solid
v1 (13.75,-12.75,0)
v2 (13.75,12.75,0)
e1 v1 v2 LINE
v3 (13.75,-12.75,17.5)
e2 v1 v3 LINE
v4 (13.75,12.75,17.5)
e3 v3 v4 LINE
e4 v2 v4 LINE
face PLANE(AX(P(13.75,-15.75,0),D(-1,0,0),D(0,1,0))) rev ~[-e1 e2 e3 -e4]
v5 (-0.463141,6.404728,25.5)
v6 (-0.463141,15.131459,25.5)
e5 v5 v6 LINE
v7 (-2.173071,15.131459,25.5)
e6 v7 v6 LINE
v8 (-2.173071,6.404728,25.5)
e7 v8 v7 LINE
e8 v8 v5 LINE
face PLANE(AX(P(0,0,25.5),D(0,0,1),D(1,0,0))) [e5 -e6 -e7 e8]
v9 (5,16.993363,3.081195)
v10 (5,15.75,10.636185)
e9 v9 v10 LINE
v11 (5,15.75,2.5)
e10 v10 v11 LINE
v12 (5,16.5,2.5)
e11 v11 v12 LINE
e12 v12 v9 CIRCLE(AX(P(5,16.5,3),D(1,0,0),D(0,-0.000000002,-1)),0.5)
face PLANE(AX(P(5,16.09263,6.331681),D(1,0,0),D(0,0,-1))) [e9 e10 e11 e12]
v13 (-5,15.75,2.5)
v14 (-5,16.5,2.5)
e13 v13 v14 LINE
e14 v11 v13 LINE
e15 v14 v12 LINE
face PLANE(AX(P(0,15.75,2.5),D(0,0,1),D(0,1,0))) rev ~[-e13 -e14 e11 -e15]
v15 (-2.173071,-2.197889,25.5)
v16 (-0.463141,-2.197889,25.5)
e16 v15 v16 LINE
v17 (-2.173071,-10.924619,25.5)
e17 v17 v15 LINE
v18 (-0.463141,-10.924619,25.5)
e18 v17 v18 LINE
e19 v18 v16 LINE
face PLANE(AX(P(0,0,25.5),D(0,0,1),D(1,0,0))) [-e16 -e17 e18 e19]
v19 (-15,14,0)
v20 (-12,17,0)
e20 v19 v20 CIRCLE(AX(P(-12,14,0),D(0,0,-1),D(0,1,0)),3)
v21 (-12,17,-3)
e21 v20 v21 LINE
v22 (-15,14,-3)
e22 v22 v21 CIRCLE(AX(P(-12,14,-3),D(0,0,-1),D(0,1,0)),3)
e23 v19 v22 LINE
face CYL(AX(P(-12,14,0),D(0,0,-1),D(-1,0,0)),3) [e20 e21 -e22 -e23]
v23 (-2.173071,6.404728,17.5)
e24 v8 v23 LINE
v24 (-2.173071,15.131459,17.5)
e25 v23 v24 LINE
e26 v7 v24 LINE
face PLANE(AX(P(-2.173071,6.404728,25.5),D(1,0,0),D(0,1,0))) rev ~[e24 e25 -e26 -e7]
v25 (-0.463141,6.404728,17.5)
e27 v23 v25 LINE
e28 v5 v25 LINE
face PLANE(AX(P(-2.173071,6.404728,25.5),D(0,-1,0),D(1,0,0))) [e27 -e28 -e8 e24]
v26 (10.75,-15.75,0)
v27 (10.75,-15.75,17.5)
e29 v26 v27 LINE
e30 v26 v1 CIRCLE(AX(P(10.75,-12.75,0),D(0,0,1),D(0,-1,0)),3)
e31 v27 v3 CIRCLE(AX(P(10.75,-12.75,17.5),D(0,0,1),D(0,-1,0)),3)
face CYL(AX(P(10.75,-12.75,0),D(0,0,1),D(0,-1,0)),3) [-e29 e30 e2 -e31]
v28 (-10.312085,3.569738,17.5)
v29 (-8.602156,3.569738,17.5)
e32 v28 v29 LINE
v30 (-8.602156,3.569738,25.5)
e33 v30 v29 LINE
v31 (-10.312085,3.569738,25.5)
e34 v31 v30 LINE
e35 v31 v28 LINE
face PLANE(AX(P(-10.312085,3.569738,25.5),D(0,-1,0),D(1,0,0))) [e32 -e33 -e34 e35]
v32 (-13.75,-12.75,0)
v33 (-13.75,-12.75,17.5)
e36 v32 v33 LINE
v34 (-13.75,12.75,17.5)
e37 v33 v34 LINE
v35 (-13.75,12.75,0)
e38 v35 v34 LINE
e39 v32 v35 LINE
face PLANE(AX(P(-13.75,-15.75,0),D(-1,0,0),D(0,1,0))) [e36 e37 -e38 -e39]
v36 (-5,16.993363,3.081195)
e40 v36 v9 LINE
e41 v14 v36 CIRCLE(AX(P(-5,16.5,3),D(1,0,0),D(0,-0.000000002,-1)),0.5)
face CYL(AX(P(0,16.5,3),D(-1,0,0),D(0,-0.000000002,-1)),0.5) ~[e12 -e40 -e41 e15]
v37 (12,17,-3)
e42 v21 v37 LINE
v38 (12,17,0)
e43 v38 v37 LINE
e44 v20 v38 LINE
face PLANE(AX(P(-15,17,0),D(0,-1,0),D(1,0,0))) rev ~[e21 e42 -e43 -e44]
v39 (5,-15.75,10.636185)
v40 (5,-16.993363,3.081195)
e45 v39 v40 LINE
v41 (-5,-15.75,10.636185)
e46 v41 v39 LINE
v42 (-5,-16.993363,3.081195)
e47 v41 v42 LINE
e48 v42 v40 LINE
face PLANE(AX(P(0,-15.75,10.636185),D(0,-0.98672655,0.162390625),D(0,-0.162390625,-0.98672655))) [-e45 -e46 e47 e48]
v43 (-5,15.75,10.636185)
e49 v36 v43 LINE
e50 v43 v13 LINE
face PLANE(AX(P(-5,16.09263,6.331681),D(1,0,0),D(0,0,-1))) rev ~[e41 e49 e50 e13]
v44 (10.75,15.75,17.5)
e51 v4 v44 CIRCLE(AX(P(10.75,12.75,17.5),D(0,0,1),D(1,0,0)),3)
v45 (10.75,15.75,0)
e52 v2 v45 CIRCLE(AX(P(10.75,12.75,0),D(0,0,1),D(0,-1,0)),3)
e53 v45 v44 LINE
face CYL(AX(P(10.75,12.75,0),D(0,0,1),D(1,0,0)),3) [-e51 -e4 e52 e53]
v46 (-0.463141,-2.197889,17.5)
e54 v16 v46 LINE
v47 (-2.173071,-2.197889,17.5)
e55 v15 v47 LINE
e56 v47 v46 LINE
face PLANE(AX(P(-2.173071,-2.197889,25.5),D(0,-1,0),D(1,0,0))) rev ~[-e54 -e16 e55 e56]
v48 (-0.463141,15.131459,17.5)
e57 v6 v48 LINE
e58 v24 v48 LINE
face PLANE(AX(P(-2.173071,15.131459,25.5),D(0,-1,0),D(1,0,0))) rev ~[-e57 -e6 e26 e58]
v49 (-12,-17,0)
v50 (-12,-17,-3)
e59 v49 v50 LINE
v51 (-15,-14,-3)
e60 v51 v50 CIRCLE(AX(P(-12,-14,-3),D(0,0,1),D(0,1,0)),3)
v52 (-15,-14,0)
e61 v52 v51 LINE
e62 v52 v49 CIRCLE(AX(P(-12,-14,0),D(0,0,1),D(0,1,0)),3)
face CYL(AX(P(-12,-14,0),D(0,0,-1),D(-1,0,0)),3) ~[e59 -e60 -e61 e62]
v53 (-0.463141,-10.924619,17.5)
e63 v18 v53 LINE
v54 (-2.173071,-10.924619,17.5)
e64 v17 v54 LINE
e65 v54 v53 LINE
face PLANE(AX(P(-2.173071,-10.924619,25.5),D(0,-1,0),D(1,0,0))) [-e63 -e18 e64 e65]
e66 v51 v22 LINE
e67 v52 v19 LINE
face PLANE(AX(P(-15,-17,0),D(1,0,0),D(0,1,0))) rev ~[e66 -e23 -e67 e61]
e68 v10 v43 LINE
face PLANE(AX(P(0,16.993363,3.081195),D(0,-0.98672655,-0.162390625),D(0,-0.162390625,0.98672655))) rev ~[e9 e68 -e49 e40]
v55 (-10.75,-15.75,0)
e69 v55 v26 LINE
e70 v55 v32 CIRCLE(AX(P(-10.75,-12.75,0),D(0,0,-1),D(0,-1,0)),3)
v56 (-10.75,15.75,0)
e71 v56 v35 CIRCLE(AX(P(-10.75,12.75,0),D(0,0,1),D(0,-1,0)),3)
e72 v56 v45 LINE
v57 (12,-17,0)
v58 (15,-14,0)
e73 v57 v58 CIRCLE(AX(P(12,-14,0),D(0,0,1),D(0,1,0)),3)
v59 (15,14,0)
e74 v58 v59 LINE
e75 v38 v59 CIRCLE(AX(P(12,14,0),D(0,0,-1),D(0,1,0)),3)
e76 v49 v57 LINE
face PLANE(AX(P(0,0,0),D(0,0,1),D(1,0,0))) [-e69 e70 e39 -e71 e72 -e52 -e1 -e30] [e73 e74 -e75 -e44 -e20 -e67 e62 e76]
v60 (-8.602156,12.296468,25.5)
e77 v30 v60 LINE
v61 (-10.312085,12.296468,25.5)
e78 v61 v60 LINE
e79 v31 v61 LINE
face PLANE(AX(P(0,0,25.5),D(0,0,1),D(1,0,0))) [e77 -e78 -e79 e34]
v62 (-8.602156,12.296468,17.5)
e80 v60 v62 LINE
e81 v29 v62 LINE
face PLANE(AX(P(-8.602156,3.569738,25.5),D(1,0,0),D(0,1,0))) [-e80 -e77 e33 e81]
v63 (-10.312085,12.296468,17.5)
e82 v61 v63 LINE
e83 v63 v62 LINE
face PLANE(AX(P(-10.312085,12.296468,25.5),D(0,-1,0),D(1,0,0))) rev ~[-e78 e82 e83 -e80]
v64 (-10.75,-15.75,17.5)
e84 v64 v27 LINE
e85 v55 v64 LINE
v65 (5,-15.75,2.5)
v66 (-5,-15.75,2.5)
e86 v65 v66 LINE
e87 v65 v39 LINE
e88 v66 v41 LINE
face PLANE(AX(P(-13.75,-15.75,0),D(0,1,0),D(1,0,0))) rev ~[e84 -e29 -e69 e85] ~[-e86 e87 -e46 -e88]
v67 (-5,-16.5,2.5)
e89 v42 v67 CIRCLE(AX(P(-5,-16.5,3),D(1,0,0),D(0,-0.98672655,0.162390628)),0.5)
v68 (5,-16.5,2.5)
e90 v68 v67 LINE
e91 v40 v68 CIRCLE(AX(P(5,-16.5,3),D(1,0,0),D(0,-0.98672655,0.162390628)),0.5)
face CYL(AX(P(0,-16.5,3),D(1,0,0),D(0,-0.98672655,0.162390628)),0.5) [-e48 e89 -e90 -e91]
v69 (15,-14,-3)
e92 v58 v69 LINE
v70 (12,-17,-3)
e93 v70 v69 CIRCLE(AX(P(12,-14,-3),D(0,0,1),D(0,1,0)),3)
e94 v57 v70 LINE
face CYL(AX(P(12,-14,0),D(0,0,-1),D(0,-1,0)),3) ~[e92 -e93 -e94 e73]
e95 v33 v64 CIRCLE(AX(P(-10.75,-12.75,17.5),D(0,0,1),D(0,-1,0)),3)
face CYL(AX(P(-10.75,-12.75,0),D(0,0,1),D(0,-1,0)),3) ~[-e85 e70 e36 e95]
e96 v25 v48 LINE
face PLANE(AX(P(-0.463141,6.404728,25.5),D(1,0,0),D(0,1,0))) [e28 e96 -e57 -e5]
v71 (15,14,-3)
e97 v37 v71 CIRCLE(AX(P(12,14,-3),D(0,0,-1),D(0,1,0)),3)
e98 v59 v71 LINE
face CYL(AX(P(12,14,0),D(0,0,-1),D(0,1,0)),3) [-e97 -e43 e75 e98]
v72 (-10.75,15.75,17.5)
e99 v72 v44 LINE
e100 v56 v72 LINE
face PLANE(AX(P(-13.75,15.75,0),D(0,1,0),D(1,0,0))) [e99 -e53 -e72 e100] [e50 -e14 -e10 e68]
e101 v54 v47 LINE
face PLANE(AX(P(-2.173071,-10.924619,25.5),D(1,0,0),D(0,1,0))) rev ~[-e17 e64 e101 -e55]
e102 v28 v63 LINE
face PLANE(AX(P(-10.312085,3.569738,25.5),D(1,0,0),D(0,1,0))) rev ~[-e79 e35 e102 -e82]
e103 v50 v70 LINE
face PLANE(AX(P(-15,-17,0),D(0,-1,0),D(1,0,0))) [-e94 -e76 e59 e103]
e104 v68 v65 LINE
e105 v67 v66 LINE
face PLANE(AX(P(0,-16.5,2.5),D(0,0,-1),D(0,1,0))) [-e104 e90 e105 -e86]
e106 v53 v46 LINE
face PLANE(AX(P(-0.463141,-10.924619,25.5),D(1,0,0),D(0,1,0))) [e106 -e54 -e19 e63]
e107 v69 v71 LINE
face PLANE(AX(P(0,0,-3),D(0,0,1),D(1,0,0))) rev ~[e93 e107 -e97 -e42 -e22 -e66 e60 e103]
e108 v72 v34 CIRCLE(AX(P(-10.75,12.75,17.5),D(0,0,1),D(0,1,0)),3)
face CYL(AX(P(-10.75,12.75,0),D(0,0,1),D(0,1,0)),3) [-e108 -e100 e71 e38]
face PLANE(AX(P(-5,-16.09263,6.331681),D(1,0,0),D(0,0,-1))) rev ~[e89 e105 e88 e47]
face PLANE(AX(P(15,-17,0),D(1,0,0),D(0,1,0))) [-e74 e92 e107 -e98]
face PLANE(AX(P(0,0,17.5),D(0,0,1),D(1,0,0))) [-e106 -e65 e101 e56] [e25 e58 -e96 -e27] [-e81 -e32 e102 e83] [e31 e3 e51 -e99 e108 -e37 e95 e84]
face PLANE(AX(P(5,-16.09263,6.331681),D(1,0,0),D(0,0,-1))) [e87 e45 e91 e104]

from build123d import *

# Parameters (mm, degrees)
SKETCH1_W           = 30
SKETCH1_H           = 34
BOSS_EXTRUDE1_DEPTH = 3
SKETCH3_W           = 27.5
SKETCH3_H           = 31.5
BOSS_EXTRUDE2_DEPTH = 25.5
FILLET1_R           = 3
BOSS_EXTRUDE3_DEPTH = 5
SKETCH5_OUTSIDE_W   = 42.712
SKETCH5_OUTSIDE_H   = 46.712
SKETCH5_OUTSIDE_W_2 = 1.709929724
SKETCH5_OUTSIDE_H_2 = 8.726730488
CUT_EXTRUDE1_DEPTH  = 8


with BuildPart() as part:
    # Sketch1 → Boss-Extrude1 (new body)
    with BuildSketch(Plane.XY):
        Rectangle(SKETCH1_W, SKETCH1_H)
    extrude(amount=-BOSS_EXTRUDE1_DEPTH)

    # Sketch3 → Boss-Extrude2 (add)
    with BuildSketch(Plane.XY):
        Rectangle(SKETCH3_W, SKETCH3_H)
    extrude(amount=BOSS_EXTRUDE2_DEPTH)

    # Fillet1
    fillet1_edges = [part.edges().sort_by_distance(p)[0] for p in [
        (13.75, -15.75, 12.75),
        (13.75, 15.75, 12.75),
        (-13.75, 15.75, 12.75),
        (-13.75, -15.75, 12.75),
        (15, -17, -1.5),
        (-15, -17, -1.5),
        (-15, 17, -1.5),
        (15, 17, -1.5),
    ]]
    fillet(fillet1_edges, radius=FILLET1_R)

    # Sketch4 → Boss-Extrude3 (add, symmetric)
    with BuildSketch(Plane(origin=(0, 0, 0), x_dir=(0, 0, -1), z_dir=(1, 0, 0))):
        with BuildLine():
            Line((-2.5, 15.75), (-2.5, 16.5))
            ThreePointArc((-2.5, 16.5), (-2.676424395, 16.881180834), (-3.081195313, 16.993363275))
            Line((-3.081195313, 16.993363275), (-10.636185348, 15.75))
            Line((-10.636185348, 15.75), (-2.5, 15.75))
        make_face()
        with BuildLine():
            Line((-2.5, -15.75), (-10.636185348, -15.75))
            Line((-10.636185348, -15.75), (-3.081195313, -16.993363275))
            ThreePointArc((-3.081195313, -16.993363275), (-2.676424395, -16.881180834), (-2.5, -16.5))
            Line((-2.5, -16.5), (-2.5, -15.75))
        make_face()
    extrude(amount=BOSS_EXTRUDE3_DEPTH, both=True)

    # Sketch5 outside → Cut-Extrude1 (cut)
    with BuildSketch(Plane.XY.offset(25.5)):
        Rectangle(SKETCH5_OUTSIDE_W, SKETCH5_OUTSIDE_H)
        with Locations((-9.457120396, 7.933102862)):
            Rectangle(SKETCH5_OUTSIDE_W_2, SKETCH5_OUTSIDE_H_2, mode=Mode.SUBTRACT)
        with Locations((-1.31810636, 10.768093543)):
            Rectangle(SKETCH5_OUTSIDE_W_2, SKETCH5_OUTSIDE_H_2, mode=Mode.SUBTRACT)
        with Locations((-1.31810636, -6.561253842)):
            Rectangle(SKETCH5_OUTSIDE_W_2, SKETCH5_OUTSIDE_H_2, mode=Mode.SUBTRACT)
    extrude(amount=-CUT_EXTRUDE1_DEPTH, mode=Mode.SUBTRACT)


solid = part.part
